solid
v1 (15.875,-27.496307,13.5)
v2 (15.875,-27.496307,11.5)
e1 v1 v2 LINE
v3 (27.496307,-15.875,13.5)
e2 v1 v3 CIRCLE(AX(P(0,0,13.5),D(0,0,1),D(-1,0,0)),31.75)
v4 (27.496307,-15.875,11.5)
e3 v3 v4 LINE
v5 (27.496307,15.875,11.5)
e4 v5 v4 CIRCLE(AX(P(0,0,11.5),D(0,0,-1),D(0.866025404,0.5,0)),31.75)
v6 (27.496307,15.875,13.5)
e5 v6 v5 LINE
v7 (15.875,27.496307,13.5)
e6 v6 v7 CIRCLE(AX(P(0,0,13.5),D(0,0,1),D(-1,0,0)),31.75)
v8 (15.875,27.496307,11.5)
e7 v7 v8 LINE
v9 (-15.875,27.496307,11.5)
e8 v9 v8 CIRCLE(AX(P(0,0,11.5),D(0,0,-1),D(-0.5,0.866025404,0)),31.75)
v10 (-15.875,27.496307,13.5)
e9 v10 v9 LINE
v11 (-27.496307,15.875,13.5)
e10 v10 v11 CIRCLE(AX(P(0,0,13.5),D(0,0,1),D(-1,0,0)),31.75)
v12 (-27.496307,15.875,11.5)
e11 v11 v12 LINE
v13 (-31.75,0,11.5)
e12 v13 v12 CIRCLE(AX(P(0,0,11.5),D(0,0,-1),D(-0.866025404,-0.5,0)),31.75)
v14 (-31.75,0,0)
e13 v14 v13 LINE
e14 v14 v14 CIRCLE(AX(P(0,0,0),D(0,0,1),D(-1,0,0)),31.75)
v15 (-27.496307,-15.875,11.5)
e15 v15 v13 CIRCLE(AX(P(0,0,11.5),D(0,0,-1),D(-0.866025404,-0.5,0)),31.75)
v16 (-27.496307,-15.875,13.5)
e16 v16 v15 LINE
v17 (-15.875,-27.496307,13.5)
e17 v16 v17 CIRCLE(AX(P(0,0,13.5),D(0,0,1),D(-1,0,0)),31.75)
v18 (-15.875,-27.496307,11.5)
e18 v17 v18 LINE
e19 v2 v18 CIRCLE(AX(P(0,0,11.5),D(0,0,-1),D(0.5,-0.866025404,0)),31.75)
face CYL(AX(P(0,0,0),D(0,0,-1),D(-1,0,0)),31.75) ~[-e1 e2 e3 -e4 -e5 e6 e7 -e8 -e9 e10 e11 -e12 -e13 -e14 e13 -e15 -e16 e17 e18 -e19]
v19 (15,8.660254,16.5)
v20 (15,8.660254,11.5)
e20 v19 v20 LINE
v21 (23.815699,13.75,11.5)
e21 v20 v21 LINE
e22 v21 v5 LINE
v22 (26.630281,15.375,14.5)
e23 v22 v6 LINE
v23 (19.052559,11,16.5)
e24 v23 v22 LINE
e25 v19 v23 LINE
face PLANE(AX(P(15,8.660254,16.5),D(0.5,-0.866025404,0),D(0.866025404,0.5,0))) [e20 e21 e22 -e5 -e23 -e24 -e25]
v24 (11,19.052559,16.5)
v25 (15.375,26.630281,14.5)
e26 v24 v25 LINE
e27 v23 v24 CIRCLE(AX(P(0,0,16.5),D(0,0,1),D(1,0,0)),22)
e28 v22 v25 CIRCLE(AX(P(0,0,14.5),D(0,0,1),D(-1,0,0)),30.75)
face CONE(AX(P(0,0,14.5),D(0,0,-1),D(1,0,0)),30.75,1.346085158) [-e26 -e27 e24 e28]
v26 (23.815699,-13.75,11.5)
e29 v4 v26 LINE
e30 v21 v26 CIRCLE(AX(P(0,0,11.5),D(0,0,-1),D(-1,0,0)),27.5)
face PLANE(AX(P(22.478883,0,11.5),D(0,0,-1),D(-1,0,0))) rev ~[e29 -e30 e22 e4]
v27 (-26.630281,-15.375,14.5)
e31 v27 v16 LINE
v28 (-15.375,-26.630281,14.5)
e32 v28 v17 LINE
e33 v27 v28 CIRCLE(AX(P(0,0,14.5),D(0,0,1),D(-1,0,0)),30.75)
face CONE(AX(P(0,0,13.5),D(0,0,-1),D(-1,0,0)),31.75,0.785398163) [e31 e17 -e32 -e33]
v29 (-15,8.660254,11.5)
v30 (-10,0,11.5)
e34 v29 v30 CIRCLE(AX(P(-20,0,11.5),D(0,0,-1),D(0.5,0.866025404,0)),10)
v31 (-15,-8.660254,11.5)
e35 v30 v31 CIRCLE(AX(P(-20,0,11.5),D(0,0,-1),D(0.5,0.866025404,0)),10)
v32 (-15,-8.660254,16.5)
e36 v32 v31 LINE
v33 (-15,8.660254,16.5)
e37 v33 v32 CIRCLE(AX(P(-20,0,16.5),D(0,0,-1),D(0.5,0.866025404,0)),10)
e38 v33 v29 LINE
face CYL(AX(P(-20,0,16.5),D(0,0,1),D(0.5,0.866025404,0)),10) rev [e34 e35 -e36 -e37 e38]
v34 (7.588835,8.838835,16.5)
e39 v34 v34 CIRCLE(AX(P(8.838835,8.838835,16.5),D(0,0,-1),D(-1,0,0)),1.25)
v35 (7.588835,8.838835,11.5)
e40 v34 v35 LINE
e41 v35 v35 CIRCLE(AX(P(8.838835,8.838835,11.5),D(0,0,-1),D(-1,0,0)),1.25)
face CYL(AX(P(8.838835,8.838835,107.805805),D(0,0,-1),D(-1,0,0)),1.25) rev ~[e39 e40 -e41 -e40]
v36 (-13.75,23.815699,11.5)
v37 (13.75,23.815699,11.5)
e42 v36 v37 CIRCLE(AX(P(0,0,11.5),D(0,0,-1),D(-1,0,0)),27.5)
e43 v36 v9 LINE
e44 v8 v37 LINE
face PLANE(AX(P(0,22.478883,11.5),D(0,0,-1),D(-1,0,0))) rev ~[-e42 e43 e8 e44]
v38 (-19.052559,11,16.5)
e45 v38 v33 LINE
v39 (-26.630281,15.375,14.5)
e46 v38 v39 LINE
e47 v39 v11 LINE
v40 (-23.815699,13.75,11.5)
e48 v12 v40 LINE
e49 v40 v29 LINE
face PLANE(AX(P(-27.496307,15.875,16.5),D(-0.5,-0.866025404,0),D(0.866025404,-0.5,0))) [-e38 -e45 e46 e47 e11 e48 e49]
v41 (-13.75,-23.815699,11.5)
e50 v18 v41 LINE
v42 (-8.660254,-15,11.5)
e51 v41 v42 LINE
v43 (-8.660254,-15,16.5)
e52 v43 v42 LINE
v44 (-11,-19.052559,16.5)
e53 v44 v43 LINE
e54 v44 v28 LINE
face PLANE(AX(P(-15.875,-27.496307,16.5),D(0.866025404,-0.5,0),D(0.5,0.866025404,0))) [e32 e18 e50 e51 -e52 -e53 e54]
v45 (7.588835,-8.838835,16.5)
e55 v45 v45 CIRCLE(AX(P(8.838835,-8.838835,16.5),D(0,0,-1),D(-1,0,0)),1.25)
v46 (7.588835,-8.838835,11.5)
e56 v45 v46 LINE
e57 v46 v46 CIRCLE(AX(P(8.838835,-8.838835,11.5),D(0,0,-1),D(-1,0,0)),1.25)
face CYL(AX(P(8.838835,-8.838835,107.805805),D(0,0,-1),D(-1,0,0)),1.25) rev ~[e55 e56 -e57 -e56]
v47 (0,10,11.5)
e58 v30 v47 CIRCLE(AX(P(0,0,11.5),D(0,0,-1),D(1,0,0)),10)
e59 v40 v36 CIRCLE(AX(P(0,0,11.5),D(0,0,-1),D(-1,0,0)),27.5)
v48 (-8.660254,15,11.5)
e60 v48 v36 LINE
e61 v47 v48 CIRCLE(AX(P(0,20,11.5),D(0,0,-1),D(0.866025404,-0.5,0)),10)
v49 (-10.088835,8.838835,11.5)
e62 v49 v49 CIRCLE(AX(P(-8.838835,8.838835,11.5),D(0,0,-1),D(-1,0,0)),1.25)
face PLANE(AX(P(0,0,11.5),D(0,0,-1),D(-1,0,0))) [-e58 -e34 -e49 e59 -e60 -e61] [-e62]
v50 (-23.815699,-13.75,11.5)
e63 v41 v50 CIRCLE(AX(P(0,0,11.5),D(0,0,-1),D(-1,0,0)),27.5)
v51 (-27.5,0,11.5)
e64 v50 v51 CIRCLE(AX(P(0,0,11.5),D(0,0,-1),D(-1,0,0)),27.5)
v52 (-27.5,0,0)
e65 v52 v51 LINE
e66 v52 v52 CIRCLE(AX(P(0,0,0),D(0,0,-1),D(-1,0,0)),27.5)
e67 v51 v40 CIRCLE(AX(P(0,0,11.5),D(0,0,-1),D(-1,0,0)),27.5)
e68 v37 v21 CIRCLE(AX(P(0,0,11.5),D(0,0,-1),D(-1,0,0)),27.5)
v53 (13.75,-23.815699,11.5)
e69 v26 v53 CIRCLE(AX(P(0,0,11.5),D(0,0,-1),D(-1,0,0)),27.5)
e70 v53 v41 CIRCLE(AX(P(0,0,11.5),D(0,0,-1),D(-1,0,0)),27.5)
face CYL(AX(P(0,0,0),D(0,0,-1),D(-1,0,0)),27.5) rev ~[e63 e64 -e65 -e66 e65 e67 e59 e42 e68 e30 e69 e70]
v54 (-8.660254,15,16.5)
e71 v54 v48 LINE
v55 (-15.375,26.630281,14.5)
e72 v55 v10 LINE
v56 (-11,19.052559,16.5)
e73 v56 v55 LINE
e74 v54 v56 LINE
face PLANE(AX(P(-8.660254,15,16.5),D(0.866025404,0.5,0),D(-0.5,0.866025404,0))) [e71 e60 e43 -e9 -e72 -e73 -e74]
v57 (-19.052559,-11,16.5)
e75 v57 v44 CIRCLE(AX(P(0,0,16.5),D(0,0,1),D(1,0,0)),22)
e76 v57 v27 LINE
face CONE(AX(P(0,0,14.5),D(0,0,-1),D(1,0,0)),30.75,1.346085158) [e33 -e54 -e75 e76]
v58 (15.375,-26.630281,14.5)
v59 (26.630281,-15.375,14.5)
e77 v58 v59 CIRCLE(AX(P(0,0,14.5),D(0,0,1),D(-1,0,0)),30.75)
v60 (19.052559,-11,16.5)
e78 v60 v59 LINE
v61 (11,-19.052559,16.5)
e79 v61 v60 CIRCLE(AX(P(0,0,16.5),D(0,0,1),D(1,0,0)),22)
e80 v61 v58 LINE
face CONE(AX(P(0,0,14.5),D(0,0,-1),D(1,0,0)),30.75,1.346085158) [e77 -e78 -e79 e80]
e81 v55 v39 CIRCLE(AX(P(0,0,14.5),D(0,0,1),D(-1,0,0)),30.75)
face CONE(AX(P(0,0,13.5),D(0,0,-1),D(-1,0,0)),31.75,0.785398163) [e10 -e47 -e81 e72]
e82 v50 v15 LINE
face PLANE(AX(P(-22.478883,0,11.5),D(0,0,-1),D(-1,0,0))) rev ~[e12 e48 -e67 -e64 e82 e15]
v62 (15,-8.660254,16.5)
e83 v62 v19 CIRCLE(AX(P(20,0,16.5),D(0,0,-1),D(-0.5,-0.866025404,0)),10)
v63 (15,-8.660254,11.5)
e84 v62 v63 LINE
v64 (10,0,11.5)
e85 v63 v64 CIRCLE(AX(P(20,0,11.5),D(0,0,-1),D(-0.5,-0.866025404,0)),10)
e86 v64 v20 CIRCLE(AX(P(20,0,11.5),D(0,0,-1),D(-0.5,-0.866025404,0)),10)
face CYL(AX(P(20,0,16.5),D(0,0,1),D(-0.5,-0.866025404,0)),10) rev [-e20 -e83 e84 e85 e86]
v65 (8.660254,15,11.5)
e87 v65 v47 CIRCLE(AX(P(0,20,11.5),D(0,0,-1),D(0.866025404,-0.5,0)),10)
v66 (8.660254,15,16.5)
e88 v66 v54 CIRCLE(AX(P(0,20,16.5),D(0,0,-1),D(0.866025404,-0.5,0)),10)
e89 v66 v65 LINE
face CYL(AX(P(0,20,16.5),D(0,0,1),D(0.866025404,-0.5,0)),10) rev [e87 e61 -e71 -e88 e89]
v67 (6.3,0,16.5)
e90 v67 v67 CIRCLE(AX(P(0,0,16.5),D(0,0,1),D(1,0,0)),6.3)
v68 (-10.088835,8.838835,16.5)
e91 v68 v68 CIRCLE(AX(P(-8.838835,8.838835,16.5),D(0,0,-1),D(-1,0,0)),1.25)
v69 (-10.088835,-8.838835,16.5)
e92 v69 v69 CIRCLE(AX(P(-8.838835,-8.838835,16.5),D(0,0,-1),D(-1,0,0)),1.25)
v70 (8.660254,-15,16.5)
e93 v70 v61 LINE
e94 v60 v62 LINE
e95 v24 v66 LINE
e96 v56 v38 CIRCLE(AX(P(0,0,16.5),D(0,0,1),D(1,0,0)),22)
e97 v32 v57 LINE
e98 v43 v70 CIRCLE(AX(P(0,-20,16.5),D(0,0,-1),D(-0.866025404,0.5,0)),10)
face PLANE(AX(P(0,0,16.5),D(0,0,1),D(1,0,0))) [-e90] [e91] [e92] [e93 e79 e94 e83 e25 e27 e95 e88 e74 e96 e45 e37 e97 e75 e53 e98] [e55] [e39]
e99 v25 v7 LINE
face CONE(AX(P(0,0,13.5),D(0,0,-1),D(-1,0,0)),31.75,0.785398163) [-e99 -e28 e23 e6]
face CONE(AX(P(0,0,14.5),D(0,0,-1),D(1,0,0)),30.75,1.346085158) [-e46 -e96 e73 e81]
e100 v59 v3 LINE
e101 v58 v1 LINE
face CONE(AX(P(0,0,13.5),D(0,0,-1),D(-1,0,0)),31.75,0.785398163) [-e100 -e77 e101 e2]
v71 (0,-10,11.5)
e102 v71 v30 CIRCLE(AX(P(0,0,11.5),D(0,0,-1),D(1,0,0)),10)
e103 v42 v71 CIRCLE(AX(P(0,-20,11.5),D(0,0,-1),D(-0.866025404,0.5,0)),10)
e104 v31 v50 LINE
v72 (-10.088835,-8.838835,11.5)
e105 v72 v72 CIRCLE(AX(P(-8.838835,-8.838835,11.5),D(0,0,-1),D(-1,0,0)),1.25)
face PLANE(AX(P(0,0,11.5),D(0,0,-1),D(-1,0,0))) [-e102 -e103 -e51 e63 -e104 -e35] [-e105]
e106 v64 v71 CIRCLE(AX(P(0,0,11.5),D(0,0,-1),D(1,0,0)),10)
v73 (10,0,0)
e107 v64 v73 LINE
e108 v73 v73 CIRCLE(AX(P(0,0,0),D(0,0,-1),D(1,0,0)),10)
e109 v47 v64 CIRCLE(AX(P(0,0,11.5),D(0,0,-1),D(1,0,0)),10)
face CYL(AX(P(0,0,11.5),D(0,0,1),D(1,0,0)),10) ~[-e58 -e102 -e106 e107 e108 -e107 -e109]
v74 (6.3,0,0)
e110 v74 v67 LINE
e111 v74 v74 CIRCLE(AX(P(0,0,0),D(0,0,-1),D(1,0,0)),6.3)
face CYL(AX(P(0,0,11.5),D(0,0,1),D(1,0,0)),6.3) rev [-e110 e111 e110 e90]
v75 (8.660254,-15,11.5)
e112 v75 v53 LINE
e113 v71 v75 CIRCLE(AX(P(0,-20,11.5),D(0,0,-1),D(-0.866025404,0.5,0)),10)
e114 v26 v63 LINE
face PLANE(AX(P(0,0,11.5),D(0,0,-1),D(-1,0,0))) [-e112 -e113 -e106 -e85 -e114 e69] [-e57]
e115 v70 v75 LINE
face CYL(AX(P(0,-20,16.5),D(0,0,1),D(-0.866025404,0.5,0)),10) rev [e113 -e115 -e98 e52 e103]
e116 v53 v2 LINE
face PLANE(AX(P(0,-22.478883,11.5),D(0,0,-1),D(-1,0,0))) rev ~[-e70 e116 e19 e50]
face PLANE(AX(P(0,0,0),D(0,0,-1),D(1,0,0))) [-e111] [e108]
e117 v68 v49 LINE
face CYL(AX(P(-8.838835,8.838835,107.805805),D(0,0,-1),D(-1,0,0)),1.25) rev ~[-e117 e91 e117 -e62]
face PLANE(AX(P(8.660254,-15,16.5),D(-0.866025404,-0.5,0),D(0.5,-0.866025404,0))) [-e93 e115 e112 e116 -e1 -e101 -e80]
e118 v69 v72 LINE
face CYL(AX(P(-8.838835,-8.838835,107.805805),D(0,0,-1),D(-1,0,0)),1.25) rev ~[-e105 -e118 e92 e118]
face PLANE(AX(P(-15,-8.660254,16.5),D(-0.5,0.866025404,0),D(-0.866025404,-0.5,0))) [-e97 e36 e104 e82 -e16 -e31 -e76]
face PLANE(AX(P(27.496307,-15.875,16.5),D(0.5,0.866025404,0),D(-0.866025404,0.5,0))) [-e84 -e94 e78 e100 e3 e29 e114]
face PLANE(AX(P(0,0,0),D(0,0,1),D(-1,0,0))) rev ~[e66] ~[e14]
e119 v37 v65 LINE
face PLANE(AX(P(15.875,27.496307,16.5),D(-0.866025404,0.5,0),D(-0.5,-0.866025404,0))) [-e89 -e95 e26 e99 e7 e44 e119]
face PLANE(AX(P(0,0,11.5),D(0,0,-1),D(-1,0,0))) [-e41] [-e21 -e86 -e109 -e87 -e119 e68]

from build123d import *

# Parameters (mm, degrees)
SKETCH_1_R          = 31.75
EXTRUDE_1_DEPTH     = 14.5
CHAMFER_1_SIZE      = 1
SKETCH_3_R          = 30.75
SKETCH_2_R          = 22
SKETCH_4_R          = 6.3
CUT_EXTRUDE_1_DEPTH = 48.836962696
CUT_EXTRUDE_2_DEPTH = 5
SKETCH_6_R          = 27.5
CUT_EXTRUDE_3_DEPTH = 11.5
M3X0_51_D           = 2.5
SKETCH_11_R         = 10
SKETCH_11_R_2       = 6.3
EXTRUDE_2_DEPTH     = 11.5


with BuildPart() as part:
    # Эскиз1 → Бобышка-Вытянуть1 (new body)
    with BuildSketch(Plane.XY):
        with Locations(Location((0, 0, 0), (0, 0, 180))):
            Circle(SKETCH_1_R)
    extrude(amount=EXTRUDE_1_DEPTH)

    # Фаска1
    chamfer_1_edges = [part.edges().sort_by_distance(p)[0] for p in [
        (31.75, 0, 14.5),
    ]]
    chamfer(chamfer_1_edges, length=CHAMFER_1_SIZE)

    # Эскиз3 → По сечениям3 section 0
    with BuildSketch(Plane.XY.offset(14.5)):
        Circle(SKETCH_3_R)
    # Эскиз2 → По сечениям3 section 1
    with BuildSketch(Plane.XY.offset(16.5)):
        Circle(SKETCH_2_R)
    loft()

    # Эскиз4 → Вырез-Вытянуть1 (cut, through all)
    with BuildSketch(Plane.XY.offset(16.5)):
        Circle(SKETCH_4_R)
    extrude(amount=-CUT_EXTRUDE_1_DEPTH, mode=Mode.SUBTRACT)

    # Эскиз5 → Вырез-Вытянуть2 (cut)
    with BuildSketch(Plane.XY.offset(16.5)):
        with BuildLine():
            Line((-8.660254038, 15), (-15.875, 27.49630657))
            ThreePointArc((-15.875, 27.49630657), (0, 31.75), (15.875, 27.49630657))
            Line((15.875, 27.49630657), (8.660254038, 15))
            ThreePointArc((8.660254038, 15), (0, 10), (-8.660254038, 15))
        make_face()
        with BuildLine():
            Line((15, 8.660254038), (27.49630657, 15.875))
            ThreePointArc((27.49630657, 15.875), (31.75, 0), (27.49630657, -15.875))
            Line((27.49630657, -15.875), (15, -8.660254038))
            ThreePointArc((15, -8.660254038), (10, 0), (15, 8.660254038))
        make_face()
        with BuildLine():
            Line((8.660254038, -15), (15.875, -27.49630657))
            ThreePointArc((15.875, -27.49630657), (0, -31.75), (-15.875, -27.49630657))
            Line((-15.875, -27.49630657), (-8.660254038, -15))
            ThreePointArc((-8.660254038, -15), (0, -10), (8.660254038, -15))
        make_face()
        with BuildLine():
            Line((-15, -8.660254038), (-27.49630657, -15.875))
            ThreePointArc((-27.49630657, -15.875), (-31.75, 0), (-27.49630657, 15.875))
            Line((-27.49630657, 15.875), (-15, 8.660254038))
            ThreePointArc((-15, 8.660254038), (-10, 0), (-15, -8.660254038))
        make_face()
    extrude(amount=-CUT_EXTRUDE_2_DEPTH, mode=Mode.SUBTRACT)

    # Эскиз6 → Вырез-Вытянуть3 (cut)
    with BuildSketch(Plane(origin=(0, 0, 0), x_dir=(-1, 0, 0), z_dir=(0, 0, -1))):
        Circle(SKETCH_6_R)
    extrude(amount=-CUT_EXTRUDE_3_DEPTH, mode=Mode.SUBTRACT)

    # Отверстие обработанное метчиком M3x0.51 (through all)
    with Locations(Plane.XY.offset(16.5)):
        with Locations((-8.838834765, 8.838834765), (-8.838834765, -8.838834765), (8.838834765, -8.838834765), (8.838834765, 8.838834765)):
            Hole(M3X0_51_D / 2)

    # Эскиз11 → Бобышка-Вытянуть2 (add)
    with BuildSketch(Plane(origin=(0, 0, 11.5), x_dir=(-1, 0, 0), z_dir=(0, 0, -1))):
        with Locations(Location((0, 0, 0), (0, 0, 180))):
            Circle(SKETCH_11_R)
        with Locations(Location((0, 0, 0), (0, 0, 180))):
            Circle(SKETCH_11_R_2, mode=Mode.SUBTRACT)
    extrude(amount=EXTRUDE_2_DEPTH)


solid = part.part
